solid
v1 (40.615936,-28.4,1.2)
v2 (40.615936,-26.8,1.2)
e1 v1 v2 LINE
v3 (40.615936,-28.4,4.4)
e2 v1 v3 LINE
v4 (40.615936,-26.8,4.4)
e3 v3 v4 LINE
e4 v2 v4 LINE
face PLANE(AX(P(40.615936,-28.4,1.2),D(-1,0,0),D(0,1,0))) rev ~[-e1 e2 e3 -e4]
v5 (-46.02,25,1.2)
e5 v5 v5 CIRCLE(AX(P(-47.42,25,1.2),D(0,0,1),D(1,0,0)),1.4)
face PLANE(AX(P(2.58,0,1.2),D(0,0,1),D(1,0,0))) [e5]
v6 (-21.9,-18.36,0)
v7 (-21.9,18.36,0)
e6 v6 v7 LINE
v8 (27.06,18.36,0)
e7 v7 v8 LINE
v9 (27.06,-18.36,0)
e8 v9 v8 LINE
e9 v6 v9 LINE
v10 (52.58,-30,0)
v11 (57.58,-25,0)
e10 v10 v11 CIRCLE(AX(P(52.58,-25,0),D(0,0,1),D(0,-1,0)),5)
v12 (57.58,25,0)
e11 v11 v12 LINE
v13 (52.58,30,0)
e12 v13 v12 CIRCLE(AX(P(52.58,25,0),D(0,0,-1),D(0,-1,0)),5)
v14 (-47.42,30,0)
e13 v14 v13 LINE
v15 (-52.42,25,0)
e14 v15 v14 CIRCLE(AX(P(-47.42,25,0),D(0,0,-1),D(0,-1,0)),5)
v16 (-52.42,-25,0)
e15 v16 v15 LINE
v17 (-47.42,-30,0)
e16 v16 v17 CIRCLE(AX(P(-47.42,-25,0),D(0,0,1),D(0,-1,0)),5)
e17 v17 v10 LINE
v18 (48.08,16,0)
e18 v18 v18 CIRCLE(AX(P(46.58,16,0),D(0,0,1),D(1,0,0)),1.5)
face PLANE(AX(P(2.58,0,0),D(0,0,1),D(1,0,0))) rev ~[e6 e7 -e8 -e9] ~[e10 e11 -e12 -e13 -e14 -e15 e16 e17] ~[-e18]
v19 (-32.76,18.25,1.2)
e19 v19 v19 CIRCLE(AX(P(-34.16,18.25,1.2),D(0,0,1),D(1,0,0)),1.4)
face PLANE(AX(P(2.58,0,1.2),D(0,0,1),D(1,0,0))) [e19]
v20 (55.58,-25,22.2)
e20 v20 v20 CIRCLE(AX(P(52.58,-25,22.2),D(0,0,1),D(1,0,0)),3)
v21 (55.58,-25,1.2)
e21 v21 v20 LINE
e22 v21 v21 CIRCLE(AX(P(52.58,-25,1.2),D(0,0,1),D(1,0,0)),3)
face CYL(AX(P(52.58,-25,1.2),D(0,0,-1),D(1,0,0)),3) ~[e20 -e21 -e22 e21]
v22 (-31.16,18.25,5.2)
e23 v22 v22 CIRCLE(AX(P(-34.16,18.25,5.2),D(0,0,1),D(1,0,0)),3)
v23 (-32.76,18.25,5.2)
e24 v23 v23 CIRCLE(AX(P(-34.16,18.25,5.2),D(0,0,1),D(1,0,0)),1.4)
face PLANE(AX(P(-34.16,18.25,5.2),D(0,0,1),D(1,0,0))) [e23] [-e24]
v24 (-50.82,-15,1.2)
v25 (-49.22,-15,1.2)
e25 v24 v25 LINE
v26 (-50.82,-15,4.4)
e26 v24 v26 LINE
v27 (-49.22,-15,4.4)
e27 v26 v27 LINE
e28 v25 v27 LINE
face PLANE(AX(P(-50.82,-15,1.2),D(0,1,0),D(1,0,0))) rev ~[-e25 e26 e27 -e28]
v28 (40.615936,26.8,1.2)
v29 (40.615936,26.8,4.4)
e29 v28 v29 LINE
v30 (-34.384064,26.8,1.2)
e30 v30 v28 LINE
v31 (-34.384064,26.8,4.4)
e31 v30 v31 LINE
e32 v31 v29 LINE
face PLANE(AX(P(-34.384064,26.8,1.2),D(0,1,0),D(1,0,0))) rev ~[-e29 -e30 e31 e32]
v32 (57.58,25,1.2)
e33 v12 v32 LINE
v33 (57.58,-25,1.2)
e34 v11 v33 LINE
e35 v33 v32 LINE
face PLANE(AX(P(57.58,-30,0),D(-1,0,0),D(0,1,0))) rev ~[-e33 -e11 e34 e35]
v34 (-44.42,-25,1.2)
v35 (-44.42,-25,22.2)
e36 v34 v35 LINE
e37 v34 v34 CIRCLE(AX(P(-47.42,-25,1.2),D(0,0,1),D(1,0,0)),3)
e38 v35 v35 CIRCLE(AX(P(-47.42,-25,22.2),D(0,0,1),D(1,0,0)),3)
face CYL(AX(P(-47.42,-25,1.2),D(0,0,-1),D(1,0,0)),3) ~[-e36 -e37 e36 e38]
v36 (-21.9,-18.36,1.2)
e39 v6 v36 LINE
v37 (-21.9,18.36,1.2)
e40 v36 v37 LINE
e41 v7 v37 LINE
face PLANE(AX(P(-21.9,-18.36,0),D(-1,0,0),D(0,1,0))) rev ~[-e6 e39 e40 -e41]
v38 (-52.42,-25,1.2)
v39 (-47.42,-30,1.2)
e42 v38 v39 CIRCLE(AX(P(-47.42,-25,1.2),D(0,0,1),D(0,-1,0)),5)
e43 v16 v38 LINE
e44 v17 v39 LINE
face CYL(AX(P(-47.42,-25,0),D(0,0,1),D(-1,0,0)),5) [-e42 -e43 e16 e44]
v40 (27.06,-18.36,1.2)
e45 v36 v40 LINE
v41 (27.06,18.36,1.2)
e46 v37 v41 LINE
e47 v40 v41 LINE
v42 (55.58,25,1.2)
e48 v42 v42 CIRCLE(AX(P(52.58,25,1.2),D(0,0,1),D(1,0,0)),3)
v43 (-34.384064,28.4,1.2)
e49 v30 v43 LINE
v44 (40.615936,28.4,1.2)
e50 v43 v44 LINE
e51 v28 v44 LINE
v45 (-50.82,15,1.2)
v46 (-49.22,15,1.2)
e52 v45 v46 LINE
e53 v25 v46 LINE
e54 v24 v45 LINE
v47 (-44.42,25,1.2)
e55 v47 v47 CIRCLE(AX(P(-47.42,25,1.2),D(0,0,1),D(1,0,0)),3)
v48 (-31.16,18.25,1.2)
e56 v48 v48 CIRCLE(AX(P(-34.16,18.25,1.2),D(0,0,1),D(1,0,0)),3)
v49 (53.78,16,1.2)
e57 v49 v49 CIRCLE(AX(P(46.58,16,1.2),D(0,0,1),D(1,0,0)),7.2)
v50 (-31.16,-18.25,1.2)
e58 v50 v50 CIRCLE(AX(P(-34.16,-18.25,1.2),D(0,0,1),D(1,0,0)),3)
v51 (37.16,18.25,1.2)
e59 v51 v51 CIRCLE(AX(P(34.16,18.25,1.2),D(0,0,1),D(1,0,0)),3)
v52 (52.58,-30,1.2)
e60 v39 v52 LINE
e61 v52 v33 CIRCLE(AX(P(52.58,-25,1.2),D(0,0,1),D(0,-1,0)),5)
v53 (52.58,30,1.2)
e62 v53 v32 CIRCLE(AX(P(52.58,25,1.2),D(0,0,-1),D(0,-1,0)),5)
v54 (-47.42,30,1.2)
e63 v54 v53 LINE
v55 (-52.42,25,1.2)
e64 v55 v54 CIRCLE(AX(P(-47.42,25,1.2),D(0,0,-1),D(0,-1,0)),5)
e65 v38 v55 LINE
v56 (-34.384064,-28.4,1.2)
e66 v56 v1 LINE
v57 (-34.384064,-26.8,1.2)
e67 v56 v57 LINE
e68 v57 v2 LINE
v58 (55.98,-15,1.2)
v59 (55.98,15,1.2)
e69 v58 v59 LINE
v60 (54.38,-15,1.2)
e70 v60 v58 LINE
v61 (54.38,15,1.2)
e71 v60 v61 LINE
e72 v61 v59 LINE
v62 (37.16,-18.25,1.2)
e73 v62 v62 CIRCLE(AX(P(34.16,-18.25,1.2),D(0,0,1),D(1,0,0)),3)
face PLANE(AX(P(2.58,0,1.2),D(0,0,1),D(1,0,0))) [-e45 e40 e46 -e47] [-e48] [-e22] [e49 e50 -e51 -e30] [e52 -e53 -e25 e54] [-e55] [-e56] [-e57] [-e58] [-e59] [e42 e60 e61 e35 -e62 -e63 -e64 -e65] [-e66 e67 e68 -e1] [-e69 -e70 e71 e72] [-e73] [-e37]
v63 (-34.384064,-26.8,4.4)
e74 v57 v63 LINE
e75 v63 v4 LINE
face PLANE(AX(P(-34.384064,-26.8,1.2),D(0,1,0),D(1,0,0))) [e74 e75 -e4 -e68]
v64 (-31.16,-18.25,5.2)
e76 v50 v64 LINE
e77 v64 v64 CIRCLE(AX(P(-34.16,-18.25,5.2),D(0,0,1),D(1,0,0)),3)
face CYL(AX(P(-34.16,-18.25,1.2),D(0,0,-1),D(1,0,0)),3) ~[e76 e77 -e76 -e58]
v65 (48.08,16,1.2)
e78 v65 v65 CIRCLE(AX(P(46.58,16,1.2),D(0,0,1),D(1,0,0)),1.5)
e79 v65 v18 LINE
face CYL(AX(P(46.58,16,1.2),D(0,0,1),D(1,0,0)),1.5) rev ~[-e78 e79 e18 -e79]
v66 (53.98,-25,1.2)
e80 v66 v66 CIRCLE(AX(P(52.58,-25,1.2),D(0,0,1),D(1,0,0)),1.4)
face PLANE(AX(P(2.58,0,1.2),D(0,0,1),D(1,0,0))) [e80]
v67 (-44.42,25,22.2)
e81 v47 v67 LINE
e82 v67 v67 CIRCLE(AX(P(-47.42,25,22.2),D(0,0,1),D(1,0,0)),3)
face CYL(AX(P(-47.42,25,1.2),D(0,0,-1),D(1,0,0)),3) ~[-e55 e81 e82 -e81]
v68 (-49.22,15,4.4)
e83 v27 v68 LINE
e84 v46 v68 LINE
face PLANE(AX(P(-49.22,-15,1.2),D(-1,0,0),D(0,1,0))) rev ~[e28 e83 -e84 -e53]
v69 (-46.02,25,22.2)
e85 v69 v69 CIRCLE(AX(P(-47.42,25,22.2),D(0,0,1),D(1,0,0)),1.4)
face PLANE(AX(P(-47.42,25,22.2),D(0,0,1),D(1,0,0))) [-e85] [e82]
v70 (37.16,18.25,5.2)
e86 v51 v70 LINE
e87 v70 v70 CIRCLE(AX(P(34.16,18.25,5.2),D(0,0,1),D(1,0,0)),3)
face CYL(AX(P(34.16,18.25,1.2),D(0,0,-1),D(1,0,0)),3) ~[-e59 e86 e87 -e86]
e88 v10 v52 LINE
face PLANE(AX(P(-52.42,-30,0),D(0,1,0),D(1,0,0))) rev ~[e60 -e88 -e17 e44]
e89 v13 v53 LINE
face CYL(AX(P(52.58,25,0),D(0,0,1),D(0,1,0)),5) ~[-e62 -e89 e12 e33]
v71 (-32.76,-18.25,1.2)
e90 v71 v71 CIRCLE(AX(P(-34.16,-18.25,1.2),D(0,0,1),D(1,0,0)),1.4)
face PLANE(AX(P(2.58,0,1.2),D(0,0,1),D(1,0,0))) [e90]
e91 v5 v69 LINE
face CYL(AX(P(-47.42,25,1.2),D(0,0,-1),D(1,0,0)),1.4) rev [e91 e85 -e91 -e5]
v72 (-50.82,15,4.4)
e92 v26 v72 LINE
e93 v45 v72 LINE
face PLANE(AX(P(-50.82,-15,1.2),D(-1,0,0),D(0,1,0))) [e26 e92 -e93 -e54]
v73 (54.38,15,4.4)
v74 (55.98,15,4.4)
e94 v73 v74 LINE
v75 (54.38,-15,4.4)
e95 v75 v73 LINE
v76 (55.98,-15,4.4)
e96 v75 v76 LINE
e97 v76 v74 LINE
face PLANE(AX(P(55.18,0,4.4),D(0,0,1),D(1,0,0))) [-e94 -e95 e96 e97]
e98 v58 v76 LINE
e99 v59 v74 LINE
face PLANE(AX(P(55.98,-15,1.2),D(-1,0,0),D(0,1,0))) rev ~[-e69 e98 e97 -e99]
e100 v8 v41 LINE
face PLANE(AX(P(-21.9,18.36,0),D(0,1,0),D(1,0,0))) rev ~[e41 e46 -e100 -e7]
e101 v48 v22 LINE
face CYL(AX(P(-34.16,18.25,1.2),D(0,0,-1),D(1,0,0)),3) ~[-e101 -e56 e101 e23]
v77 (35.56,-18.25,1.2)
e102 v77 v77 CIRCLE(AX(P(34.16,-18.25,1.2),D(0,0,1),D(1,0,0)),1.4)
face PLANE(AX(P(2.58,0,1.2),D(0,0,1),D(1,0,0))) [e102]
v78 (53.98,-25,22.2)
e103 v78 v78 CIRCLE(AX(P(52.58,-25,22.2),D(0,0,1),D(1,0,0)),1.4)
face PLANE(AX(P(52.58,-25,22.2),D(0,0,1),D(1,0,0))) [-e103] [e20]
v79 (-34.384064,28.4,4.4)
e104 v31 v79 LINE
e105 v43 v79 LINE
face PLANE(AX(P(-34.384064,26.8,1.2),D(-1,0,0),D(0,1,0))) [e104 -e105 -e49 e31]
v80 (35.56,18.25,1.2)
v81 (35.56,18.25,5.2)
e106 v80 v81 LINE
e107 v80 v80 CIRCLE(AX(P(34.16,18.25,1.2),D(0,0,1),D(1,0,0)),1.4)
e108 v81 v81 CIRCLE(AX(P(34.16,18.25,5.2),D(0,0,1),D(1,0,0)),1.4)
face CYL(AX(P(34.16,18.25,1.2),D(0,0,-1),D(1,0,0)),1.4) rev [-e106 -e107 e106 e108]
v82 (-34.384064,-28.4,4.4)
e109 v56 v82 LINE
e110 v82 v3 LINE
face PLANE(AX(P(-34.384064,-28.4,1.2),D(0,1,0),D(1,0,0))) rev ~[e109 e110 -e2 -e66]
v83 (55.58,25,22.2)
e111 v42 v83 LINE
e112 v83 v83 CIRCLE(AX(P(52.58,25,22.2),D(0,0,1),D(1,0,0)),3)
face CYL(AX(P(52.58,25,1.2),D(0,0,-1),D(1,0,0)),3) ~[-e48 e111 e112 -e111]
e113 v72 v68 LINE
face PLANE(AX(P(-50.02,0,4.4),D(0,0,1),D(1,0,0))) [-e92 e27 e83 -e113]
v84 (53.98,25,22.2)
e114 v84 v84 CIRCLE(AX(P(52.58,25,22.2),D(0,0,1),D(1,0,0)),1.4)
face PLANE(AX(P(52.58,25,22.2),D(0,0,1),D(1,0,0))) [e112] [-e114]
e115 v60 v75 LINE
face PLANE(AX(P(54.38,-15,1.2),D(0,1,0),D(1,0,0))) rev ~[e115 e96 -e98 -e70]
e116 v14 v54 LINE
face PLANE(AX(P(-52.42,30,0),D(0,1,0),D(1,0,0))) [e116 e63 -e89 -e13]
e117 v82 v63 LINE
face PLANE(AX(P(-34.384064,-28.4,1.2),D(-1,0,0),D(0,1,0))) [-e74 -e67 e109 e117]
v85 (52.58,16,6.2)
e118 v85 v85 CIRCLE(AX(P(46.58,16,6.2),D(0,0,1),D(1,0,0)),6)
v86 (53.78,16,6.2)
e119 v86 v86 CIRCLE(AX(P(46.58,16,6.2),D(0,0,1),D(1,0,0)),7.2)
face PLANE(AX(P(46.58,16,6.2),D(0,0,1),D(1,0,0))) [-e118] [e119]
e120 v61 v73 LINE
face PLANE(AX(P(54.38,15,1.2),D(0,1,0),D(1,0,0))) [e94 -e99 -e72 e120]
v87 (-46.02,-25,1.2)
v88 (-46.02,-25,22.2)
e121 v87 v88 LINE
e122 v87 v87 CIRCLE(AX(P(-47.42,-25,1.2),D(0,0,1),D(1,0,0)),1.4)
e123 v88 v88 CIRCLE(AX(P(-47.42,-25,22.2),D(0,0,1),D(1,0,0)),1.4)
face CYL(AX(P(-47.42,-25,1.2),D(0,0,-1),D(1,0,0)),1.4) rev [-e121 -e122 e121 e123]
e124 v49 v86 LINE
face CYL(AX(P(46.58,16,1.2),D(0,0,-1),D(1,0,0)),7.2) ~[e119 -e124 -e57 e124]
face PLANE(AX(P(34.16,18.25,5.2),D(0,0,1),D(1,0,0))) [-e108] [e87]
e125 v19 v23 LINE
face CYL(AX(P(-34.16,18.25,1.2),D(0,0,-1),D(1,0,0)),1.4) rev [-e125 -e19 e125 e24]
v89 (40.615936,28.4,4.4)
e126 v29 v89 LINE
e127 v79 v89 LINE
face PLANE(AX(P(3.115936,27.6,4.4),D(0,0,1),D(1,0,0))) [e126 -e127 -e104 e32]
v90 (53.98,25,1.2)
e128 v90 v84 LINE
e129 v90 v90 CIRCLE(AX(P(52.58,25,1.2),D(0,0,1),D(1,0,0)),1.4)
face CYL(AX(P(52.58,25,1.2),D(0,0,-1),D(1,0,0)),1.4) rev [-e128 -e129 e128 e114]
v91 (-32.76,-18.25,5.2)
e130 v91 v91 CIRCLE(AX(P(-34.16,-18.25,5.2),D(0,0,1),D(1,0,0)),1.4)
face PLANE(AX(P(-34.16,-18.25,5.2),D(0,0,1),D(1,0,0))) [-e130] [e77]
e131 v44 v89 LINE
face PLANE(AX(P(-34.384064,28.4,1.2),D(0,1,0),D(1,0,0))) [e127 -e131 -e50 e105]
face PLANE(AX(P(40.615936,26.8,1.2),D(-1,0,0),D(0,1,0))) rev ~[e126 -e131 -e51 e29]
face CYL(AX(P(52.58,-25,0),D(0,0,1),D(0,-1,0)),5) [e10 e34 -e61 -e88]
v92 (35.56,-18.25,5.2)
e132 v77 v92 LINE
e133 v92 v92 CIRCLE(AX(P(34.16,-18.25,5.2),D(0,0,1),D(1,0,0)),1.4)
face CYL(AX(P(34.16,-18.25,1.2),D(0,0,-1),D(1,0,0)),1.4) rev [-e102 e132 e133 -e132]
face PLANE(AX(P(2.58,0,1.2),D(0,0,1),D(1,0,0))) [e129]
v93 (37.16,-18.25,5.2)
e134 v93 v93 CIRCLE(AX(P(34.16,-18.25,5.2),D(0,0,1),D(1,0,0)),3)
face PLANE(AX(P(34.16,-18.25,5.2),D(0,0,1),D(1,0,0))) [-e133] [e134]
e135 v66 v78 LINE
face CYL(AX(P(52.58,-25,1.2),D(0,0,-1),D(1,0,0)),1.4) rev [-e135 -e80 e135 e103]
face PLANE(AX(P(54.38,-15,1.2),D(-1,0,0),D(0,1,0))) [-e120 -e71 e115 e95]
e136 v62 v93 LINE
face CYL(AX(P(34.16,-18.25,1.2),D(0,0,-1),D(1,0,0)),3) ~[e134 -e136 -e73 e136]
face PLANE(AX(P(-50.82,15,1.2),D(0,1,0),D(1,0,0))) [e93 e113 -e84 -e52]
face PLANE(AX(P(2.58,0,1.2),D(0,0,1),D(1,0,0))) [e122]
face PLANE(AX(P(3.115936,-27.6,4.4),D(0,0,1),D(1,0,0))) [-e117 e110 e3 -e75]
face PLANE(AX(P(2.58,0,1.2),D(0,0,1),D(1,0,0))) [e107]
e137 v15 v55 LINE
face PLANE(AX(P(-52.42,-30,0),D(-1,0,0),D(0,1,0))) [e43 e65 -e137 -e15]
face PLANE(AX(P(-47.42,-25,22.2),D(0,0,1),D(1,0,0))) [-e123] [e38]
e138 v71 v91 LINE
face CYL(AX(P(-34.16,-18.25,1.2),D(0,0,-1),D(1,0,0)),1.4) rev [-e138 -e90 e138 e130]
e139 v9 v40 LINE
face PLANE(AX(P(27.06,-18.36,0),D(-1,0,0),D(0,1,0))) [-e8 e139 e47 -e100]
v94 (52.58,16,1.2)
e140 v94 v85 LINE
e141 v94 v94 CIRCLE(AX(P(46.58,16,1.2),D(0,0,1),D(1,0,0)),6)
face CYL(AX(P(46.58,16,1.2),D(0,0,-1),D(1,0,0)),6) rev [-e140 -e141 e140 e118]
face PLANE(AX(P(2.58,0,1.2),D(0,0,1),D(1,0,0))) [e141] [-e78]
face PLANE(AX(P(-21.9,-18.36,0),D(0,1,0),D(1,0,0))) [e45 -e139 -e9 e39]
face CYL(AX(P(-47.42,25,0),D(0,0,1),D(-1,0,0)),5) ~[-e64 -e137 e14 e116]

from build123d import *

# Parameters (mm, degrees)
F0_W      = 110
F0_H      = 60
F0_W_2    = 48.96
F0_H_2    = 36.72
F1_DEPTH  = 1.2
F2_R      = 7.2
F2_R_2    = 6
F3_DEPTH  = 5
F4_DEPTH  = 5
F5_R      = 1.5
F6_DEPTH  = 25
F7_R      = 5
F8_R      = 3
F8_R_2    = 1.4
F9_DEPTH  = 21
F10_R     = 3
F10_R_2   = 1.4
F11_DEPTH = 4
F12_W     = 75
F12_H     = 1.6
F12_W_2   = 1.6
F12_H_2   = 30
F13_DEPTH = 3.2


with BuildPart() as f1:
    # F0 (on Top) → F1 (new body)
    with BuildSketch(Plane.XY):
        with Locations((2.58, 0)):
            Rectangle(F0_W, F0_H)
        with Locations((2.58, 0)):
            Rectangle(F0_W_2, F0_H_2, mode=Mode.SUBTRACT)
    extrude(amount=F1_DEPTH)

    # F2 (on face) → F3 (join)
    with BuildSketch(Plane.XY.offset(1.2)):
        with Locations((46.58, 16)):
            Circle(F2_R)
        with Locations((46.58, 16)):
            Circle(F2_R_2, mode=Mode.SUBTRACT)
    extrude(amount=F3_DEPTH)

    # F2 (on face) → F4 (join)
    with BuildSketch(Plane.XY.offset(1.2)):
        with Locations((46.58, 16)):
            Circle(F2_R)
        with Locations((46.58, 16)):
            Circle(F2_R_2, mode=Mode.SUBTRACT)
    extrude(amount=F4_DEPTH)

    # F5 (on face) → F6 (cut)
    with BuildSketch(Plane.XY.offset(1.2)):
        with Locations((46.58, 16)):
            Circle(F5_R)
    extrude(amount=-F6_DEPTH, mode=Mode.SUBTRACT)

    # F7
    f7_edges = [f1.edges().sort_by_distance(p)[0] for p in [
        (57.58, 30, 0.6),
        (-52.42, 30, 0.6),
        (-52.42, -30, 0.6),
        (57.58, -30, 0.6),
    ]]
    fillet(f7_edges, radius=F7_R)

    # F8 (on face) → F9 (join)
    with BuildSketch(Plane.XY.offset(1.2)):
        with Locations((52.58, 25)):
            Circle(F8_R)
        with Locations((52.58, 25)):
            Circle(F8_R_2, mode=Mode.SUBTRACT)
        with Locations((52.58, -25)):
            Circle(F8_R)
        with Locations((52.58, -25)):
            Circle(F8_R_2, mode=Mode.SUBTRACT)
        with Locations((-47.42, -25)):
            Circle(F8_R)
        with Locations((-47.42, -25)):
            Circle(F8_R_2, mode=Mode.SUBTRACT)
        with Locations((-47.42, 25)):
            Circle(F8_R)
        with Locations((-47.42, 25)):
            Circle(F8_R_2, mode=Mode.SUBTRACT)
    extrude(amount=F9_DEPTH)

    # F10 (on face) → F11 (join)
    with BuildSketch(Plane.XY.offset(1.2)):
        with Locations((34.16, -18.25)):
            Circle(F10_R)
        with Locations((34.16, -18.25)):
            Circle(F10_R_2, mode=Mode.SUBTRACT)
        with Locations((-34.16, -18.25)):
            Circle(F10_R)
        with Locations((-34.16, -18.25)):
            Circle(F10_R_2, mode=Mode.SUBTRACT)
        with Locations((34.16, 18.25)):
            Circle(F10_R)
        with Locations((34.16, 18.25)):
            Circle(F10_R_2, mode=Mode.SUBTRACT)
        with Locations((-34.16, 18.25)):
            Circle(F10_R)
        with Locations((-34.16, 18.25)):
            Circle(F10_R_2, mode=Mode.SUBTRACT)
    extrude(amount=F11_DEPTH)

    # F12 (on face) → F13 (join)
    with BuildSketch(Plane.XY.offset(1.2)):
        with Locations((3.115936, -27.6)):
            Rectangle(F12_W, F12_H)
        with Locations((3.115936, 27.6)):
            Rectangle(F12_W, F12_H)
        with Locations((-50.02, 0)):
            Rectangle(F12_W_2, F12_H_2)
        with Locations((55.18, 0)):
            Rectangle(F12_W_2, F12_H_2)
    extrude(amount=F13_DEPTH)


solid = f1.part
